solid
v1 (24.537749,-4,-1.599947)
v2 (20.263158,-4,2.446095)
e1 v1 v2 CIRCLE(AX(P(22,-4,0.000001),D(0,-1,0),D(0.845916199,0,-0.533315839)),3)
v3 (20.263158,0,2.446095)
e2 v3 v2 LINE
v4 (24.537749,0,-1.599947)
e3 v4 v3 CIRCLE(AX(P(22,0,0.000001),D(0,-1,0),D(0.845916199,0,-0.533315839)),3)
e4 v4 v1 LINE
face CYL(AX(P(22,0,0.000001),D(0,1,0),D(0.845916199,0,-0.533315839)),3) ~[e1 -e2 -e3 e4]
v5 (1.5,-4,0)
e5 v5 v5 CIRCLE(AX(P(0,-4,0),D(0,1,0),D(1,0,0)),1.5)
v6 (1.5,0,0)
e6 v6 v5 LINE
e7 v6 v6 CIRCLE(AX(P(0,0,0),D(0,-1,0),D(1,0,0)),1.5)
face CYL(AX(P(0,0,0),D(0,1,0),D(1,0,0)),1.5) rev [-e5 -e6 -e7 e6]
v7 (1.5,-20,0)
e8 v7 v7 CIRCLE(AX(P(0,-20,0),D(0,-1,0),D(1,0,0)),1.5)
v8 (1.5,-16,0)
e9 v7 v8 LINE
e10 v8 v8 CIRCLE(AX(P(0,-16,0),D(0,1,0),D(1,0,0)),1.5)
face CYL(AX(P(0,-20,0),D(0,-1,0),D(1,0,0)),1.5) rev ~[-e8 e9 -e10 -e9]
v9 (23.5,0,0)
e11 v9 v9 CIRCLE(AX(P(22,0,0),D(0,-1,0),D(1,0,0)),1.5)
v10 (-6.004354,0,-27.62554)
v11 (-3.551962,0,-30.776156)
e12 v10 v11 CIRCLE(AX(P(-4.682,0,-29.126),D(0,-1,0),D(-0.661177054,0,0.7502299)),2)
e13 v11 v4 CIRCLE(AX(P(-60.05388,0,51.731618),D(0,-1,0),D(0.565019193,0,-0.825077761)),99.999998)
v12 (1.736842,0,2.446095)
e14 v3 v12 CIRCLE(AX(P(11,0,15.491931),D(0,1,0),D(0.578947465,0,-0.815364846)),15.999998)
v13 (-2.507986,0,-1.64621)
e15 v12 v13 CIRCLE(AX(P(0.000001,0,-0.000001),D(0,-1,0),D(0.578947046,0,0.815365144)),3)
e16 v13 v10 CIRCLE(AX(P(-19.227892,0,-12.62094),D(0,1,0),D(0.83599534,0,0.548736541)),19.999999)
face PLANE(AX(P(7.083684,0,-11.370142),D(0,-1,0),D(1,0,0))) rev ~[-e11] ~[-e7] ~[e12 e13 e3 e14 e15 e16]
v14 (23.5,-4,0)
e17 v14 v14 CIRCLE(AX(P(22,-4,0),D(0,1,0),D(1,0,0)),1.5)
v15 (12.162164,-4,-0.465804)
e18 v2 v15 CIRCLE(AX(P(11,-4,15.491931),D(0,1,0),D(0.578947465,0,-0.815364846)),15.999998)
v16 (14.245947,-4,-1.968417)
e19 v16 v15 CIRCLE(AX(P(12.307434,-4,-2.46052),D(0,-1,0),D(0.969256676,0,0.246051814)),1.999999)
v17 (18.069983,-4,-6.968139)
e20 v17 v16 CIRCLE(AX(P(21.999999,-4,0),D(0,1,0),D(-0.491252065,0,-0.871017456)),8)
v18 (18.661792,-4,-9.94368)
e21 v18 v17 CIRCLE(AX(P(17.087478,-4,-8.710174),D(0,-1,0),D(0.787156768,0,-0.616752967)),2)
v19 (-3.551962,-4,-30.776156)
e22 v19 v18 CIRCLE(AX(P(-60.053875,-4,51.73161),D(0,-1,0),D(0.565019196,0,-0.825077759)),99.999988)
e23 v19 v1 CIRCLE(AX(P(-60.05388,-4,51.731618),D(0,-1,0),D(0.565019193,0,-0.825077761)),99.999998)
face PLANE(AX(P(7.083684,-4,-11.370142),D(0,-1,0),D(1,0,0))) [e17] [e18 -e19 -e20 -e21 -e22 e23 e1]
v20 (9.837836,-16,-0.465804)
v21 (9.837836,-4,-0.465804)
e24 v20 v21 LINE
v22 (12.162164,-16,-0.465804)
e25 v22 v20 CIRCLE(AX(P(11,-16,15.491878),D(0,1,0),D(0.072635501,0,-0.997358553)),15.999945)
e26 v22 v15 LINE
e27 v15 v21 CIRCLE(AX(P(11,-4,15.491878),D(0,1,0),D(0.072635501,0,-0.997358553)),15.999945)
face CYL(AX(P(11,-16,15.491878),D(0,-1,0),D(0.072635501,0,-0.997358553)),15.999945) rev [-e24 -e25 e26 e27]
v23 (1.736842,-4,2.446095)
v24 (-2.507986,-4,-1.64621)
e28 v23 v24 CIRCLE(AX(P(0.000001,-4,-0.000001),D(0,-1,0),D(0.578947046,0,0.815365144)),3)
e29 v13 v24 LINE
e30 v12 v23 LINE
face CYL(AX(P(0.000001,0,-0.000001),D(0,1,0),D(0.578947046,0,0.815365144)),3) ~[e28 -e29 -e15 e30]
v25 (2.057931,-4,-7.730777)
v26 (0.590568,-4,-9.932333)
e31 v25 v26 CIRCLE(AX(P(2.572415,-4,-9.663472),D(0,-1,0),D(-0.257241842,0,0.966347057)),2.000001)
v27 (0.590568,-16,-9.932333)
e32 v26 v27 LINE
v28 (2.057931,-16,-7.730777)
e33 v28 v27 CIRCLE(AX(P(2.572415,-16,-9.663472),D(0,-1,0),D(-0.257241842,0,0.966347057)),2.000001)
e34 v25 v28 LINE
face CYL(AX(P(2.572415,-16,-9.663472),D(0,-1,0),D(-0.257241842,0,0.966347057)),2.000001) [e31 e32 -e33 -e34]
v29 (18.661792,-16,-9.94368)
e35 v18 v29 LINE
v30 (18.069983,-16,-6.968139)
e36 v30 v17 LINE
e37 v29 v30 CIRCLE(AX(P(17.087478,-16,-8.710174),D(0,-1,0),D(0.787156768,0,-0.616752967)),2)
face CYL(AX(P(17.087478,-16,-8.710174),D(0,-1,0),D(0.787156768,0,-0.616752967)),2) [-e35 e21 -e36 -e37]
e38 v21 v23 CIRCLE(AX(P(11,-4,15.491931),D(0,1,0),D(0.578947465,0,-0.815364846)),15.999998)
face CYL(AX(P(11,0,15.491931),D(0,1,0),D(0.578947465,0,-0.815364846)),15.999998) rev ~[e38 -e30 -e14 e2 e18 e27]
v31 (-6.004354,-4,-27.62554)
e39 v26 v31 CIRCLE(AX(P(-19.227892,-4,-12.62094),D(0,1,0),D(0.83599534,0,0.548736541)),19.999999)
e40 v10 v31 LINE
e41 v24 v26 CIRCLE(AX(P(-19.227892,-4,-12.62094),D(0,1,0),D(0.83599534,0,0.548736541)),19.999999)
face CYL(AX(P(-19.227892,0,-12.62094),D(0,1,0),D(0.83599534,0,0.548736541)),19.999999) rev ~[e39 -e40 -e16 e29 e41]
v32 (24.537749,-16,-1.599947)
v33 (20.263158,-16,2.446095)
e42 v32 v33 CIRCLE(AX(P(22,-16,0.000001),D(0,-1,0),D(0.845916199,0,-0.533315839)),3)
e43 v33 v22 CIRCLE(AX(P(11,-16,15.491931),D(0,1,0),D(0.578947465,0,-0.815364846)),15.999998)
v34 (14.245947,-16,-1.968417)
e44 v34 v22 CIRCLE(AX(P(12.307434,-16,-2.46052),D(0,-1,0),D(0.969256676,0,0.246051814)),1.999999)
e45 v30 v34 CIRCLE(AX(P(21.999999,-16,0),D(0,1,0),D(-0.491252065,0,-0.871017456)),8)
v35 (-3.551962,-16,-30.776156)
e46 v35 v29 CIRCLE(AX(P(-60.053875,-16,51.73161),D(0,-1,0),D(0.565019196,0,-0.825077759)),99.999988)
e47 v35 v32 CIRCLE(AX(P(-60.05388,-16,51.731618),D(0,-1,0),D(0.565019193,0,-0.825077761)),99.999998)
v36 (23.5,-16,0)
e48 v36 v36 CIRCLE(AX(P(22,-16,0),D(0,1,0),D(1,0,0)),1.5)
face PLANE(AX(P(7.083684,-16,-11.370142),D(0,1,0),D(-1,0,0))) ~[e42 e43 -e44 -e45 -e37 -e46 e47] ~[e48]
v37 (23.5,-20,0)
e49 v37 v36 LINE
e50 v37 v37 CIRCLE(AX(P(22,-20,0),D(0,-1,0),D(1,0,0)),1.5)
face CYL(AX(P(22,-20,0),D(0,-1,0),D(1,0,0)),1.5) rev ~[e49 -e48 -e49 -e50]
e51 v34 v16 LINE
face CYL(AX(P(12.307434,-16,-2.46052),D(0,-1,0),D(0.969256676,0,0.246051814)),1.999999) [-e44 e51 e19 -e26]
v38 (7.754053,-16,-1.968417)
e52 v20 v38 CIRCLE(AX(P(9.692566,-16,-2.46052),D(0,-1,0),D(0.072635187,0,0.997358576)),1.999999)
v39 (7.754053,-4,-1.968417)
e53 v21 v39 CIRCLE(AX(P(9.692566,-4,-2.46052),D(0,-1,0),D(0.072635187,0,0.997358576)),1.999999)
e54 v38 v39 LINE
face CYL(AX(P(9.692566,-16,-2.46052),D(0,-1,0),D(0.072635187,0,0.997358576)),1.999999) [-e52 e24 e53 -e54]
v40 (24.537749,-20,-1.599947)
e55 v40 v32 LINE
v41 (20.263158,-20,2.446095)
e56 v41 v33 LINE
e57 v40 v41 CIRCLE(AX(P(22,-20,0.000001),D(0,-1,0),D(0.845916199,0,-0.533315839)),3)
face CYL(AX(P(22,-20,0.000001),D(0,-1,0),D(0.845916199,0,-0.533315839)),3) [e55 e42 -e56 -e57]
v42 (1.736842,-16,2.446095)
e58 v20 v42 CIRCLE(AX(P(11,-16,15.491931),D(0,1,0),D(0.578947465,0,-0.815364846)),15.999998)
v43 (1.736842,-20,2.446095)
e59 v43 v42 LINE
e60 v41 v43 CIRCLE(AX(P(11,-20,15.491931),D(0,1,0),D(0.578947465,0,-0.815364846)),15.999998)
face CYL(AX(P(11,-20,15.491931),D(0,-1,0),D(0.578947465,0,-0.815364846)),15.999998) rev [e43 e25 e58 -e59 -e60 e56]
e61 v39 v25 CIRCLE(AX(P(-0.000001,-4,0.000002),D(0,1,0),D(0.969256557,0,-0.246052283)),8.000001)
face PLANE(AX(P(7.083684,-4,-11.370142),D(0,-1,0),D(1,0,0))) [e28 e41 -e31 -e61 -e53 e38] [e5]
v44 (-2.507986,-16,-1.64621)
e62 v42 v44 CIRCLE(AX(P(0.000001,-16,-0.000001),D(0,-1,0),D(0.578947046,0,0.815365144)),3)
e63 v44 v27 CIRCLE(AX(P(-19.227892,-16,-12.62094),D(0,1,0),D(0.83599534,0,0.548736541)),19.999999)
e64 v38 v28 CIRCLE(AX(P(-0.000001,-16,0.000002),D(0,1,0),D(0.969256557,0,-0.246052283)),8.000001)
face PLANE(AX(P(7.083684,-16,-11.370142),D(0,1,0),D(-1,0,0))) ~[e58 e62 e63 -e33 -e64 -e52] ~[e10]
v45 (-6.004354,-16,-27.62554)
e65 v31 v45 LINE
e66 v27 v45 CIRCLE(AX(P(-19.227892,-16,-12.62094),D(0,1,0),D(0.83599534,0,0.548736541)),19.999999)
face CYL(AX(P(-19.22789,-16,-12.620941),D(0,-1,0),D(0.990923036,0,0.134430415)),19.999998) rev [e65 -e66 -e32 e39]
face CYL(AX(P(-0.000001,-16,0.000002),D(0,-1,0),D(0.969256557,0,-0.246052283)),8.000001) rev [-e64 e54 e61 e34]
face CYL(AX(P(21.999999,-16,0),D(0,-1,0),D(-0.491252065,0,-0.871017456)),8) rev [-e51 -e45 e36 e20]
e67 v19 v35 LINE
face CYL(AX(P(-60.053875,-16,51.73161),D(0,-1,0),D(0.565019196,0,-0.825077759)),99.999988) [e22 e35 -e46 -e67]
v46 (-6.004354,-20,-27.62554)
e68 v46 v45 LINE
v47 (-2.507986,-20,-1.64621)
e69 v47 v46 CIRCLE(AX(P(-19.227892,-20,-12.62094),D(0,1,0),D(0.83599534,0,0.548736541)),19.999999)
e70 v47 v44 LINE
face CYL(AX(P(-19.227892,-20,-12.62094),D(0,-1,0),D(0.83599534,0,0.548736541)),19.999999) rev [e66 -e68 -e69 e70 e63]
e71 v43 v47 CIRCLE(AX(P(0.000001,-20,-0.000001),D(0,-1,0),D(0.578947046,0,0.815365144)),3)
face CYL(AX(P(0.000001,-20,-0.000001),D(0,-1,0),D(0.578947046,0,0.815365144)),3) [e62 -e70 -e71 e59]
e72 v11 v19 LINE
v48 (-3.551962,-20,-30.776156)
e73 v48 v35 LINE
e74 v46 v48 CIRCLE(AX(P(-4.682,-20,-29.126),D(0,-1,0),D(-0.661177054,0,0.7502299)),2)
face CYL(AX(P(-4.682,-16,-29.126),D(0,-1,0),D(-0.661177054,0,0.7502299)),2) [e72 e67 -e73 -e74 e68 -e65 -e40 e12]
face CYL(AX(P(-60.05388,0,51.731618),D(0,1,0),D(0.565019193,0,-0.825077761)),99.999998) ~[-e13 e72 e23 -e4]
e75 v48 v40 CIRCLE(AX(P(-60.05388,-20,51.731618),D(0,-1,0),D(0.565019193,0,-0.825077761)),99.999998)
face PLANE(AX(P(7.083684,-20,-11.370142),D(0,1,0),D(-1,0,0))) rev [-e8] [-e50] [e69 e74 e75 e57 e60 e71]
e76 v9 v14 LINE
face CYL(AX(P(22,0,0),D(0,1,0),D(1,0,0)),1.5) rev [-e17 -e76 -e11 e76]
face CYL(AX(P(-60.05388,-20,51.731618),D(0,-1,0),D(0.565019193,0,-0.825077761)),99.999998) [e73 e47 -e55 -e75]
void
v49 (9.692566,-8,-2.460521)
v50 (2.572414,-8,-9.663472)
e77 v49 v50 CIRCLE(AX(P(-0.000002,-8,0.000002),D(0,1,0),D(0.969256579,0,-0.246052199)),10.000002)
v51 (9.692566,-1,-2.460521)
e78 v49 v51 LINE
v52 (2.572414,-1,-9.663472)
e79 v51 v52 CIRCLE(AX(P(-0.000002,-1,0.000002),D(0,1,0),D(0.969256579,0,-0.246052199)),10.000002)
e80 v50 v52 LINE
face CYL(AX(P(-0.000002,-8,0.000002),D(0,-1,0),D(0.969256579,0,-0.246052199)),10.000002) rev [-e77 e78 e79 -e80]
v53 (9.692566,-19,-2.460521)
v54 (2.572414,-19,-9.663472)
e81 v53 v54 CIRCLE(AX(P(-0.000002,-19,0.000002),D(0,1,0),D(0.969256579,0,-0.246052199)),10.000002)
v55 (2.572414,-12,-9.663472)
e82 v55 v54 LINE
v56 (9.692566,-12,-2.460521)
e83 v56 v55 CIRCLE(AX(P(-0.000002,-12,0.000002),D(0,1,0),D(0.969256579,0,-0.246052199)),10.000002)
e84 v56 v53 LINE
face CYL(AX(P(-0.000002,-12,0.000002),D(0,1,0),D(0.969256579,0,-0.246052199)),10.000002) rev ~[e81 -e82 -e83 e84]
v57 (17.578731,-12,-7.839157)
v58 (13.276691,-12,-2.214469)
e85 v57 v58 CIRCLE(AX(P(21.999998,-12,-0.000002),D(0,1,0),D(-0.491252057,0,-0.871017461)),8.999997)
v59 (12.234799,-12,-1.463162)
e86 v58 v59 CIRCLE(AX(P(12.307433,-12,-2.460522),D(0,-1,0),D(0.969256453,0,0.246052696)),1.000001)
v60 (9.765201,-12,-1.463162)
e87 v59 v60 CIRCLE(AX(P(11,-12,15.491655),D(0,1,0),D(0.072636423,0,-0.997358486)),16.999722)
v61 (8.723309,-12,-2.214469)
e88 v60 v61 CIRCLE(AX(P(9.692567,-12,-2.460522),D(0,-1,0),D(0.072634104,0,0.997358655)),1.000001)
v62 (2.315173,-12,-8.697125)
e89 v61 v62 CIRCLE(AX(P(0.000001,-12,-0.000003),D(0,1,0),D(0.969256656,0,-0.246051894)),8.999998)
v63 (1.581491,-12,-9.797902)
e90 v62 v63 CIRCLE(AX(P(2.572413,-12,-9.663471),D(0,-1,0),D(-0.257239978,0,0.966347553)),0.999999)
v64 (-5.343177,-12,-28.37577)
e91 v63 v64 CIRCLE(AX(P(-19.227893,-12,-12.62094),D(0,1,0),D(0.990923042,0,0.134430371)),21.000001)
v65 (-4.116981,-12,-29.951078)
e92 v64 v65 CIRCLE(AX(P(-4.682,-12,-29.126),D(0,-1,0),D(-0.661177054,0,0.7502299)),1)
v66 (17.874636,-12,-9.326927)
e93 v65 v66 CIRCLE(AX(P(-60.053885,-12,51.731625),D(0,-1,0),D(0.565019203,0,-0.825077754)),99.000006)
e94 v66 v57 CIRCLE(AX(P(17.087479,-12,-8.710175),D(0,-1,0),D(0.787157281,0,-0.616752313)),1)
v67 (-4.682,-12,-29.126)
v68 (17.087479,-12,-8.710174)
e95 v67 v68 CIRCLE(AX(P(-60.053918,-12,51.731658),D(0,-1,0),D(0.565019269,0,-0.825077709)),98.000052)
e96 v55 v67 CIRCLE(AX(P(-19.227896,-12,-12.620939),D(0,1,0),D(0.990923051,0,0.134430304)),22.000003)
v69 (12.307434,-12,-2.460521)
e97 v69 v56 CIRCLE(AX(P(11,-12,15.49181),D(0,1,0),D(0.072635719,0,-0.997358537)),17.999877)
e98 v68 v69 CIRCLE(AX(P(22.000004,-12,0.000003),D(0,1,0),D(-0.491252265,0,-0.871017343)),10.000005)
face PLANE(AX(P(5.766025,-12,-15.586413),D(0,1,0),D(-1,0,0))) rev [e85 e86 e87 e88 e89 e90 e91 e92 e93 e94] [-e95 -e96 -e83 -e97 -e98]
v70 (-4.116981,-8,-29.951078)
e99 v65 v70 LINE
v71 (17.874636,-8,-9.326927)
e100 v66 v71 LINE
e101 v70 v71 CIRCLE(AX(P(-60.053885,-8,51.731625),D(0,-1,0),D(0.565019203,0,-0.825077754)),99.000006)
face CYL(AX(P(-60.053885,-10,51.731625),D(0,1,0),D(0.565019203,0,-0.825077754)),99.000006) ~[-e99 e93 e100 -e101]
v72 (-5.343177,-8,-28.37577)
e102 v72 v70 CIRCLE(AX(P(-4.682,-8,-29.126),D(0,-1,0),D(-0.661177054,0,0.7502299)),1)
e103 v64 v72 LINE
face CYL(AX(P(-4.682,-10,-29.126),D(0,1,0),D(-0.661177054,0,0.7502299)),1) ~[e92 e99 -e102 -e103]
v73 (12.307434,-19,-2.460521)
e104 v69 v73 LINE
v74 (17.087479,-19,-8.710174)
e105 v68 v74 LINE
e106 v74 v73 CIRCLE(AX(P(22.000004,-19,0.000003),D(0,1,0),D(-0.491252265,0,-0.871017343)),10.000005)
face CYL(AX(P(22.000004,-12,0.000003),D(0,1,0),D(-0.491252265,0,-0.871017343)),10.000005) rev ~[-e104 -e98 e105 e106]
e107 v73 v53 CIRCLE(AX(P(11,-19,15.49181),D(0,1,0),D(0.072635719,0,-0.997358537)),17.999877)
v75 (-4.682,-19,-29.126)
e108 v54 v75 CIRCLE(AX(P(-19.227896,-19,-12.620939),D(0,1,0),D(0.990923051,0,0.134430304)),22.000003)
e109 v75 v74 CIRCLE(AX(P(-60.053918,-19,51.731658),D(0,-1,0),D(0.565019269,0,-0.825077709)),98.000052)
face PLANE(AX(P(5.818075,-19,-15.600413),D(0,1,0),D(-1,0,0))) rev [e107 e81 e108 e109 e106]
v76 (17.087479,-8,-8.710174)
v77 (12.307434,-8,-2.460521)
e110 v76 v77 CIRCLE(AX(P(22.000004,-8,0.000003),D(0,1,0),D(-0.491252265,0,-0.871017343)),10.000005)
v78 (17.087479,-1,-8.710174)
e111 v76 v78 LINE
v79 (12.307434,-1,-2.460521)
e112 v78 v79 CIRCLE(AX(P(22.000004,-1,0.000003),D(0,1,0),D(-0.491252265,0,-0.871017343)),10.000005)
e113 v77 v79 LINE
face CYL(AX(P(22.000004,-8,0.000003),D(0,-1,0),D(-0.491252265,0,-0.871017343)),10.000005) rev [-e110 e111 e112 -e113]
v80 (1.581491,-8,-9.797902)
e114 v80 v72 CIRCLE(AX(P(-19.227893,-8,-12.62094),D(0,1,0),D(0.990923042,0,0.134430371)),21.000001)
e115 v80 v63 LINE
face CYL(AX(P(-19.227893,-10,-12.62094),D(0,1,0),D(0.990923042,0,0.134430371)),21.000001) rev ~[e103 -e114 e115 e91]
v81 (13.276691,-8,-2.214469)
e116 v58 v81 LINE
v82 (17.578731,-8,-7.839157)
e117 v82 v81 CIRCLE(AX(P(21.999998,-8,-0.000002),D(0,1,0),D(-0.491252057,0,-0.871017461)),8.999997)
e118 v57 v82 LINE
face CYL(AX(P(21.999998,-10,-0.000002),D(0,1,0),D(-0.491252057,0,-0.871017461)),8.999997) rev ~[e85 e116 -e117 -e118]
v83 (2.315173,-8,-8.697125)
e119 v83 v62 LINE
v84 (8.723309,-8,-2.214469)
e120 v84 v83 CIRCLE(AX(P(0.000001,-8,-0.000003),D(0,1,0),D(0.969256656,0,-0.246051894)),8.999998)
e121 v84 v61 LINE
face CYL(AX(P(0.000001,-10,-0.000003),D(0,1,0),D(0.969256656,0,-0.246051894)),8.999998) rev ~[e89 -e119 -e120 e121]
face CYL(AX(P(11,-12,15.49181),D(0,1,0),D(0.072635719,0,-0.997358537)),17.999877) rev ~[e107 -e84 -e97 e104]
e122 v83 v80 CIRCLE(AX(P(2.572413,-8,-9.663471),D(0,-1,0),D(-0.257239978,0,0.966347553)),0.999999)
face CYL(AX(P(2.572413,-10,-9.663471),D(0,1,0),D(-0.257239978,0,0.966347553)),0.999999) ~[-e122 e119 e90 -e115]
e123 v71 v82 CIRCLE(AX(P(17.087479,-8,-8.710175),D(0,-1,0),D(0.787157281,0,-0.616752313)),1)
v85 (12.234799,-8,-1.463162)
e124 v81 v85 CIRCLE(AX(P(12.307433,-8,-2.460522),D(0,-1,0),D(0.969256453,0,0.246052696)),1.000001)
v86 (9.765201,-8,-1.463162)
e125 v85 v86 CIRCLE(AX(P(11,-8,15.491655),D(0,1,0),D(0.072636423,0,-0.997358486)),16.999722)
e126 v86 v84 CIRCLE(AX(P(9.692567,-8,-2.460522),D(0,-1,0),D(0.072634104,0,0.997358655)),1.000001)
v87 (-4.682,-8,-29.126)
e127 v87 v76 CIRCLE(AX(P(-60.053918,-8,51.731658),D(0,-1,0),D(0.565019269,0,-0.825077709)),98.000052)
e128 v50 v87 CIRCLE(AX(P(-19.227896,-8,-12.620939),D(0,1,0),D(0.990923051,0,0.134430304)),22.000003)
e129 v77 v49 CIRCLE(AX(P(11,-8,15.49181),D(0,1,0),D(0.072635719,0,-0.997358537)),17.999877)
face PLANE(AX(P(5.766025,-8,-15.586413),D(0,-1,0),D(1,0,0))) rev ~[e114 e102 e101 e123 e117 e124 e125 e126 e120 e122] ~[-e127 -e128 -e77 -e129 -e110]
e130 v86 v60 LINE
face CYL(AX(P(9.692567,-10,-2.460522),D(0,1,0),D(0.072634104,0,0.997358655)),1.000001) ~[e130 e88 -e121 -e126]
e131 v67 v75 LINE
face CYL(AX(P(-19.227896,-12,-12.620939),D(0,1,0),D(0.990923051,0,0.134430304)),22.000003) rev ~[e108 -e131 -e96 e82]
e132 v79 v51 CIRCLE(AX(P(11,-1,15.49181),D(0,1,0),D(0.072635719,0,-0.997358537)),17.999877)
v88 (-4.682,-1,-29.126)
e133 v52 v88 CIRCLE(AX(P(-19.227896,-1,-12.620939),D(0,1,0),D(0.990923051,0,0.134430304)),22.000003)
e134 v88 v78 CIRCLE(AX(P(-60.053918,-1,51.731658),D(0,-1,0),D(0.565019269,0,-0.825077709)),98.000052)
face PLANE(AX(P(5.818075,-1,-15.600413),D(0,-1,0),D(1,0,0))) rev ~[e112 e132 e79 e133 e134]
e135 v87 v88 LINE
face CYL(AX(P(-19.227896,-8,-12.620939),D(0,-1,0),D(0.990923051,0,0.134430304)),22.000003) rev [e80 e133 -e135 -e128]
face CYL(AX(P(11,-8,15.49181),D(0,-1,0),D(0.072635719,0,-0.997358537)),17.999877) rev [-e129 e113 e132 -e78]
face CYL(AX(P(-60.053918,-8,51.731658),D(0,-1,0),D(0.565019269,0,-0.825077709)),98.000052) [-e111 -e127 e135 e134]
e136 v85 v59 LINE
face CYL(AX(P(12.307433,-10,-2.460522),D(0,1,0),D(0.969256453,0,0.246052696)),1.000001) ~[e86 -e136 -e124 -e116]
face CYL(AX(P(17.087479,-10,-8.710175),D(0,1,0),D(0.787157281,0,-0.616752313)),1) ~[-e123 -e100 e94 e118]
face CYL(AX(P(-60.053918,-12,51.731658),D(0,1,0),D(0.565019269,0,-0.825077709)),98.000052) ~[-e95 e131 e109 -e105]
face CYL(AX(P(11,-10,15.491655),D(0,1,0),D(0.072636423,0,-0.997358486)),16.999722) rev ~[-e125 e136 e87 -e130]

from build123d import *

# Parameters (mm, degrees)
F1_DEPTH = 4
F3_DEPTH = 6
F5_DEPTH = 2
F7_DEPTH = 7
F8_R     = 1.5
F9_DEPTH = 10.001


with BuildPart() as f1:
    # F0 (on Front) → F1 (new body)
    with BuildSketch(Plane.XZ):
        with BuildLine():
            ThreePointArc((20.263158, 2.446095), (11, -0.508067), (1.736842, 2.446095))
            ThreePointArc((1.736842, 2.446095), (-2.082163, 2.159767), (-2.507986, -1.64621))
            ThreePointArc((-2.507986, -1.64621), (0.593406, -15.288544), (-6.004354, -27.62554))
            ThreePointArc((-6.004354, -27.62554), (-6.26024, -30.354478), (-3.551962, -30.776156))
            ThreePointArc((-3.551962, -30.776156), (11.985415, -17.624993), (24.537749, -1.599947))
            ThreePointArc((24.537749, -1.599947), (24.062275, 2.178767), (20.263158, 2.446095))
        make_face()
    extrude(amount=F1_DEPTH)

    # F2 (on face) → F3 (join)
    with BuildSketch(Plane.XZ.offset(4)):
        with BuildLine():
            ThreePointArc((7.754053, -1.968417), (5.68946, -5.624059), (2.057931, -7.730777))
            ThreePointArc((2.057931, -7.730777), (0.908195, -8.554249), (0.590568, -9.932333))
            ThreePointArc((0.590568, -9.932333), (-0.487406, -19.606222), (-6.004354, -27.62554))
            ThreePointArc((-6.004354, -27.62554), (-6.26024, -30.354478), (-3.551962, -30.776156))
            ThreePointArc((-3.551962, -30.776156), (8.352605, -21.210498), (18.661792, -9.94368))
            ThreePointArc((18.661792, -9.94368), (19.049057, -8.320033), (18.069983, -6.968139))
            ThreePointArc((18.069983, -6.968139), (15.645578, -4.860177), (14.245947, -1.968417))
            ThreePointArc((14.245947, -1.968417), (13.477217, -0.838298), (12.162164, -0.465804))
            ThreePointArc((12.162164, -0.465804), (11, -0.508067), (9.837836, -0.465804))
            ThreePointArc((9.837836, -0.465804), (8.522783, -0.838298), (7.754053, -1.968417))
        make_face()
    extrude(amount=F3_DEPTH)

    # F4 (on face) → F5 (cut)
    with BuildSketch(Plane.XZ.offset(10)):
        with BuildLine():
            ThreePointArc((1.581491, -9.797902), (0.449618, -19.955486), (-5.343177, -28.37577))
            ThreePointArc((-5.343177, -28.37577), (-5.47112, -29.740239), (-4.116981, -29.951078))
            ThreePointArc((-4.116981, -29.951078), (7.66854, -20.481077), (17.874636, -9.326927))
            ThreePointArc((17.874636, -9.326927), (18.068268, -8.515104), (17.578731, -7.839157))
            ThreePointArc((17.578731, -7.839157), (14.851275, -5.467699), (13.276691, -2.214469))
            ThreePointArc((13.276691, -2.214469), (12.892325, -1.649409), (12.234799, -1.463162))
            ThreePointArc((12.234799, -1.463162), (11, -1.508067), (9.765201, -1.463162))
            ThreePointArc((9.765201, -1.463162), (9.107675, -1.649409), (8.723309, -2.214469))
            ThreePointArc((8.723309, -2.214469), (6.400643, -6.327067), (2.315173, -8.697125))
            ThreePointArc((2.315173, -8.697125), (1.740304, -9.108861), (1.581491, -9.797902))
        make_face()
    extrude(amount=-F5_DEPTH, mode=Mode.SUBTRACT)

    # F6 (on face) → F7 (cut)
    with BuildSketch(Plane.XZ.offset(8)):
        with BuildLine():
            ThreePointArc((-4.682, -29.126), (6.984475, -19.751655), (17.087479, -8.710174))
            ThreePointArc((17.087479, -8.710174), (14.056973, -6.075221), (12.307434, -2.460521))
            ThreePointArc((12.307434, -2.460521), (11, -2.508067), (9.692566, -2.460521))
            ThreePointArc((9.692566, -2.460521), (7.111825, -7.030074), (2.572414, -9.663472))
            ThreePointArc((2.572414, -9.663472), (1.386642, -20.30475), (-4.682, -29.126))
        make_face()
    extrude(amount=-F7_DEPTH, mode=Mode.SUBTRACT)

    # F8 (on Front) → F9 (cut, through all)
    with BuildSketch(Plane.XZ):
        Circle(F8_R)
        with Locations((22, 0)):
            Circle(F8_R)
    extrude(amount=F9_DEPTH, mode=Mode.SUBTRACT)

    # F10: F1 across face


with BuildPart() as f1_1:
    add(f1.part)
    add(f1.part.mirror(Plane(origin=(5.783176, -10, -15.645769), x_dir=(1, 0, 0), z_dir=(0, -1, 0))))


solid = f1_1.part
